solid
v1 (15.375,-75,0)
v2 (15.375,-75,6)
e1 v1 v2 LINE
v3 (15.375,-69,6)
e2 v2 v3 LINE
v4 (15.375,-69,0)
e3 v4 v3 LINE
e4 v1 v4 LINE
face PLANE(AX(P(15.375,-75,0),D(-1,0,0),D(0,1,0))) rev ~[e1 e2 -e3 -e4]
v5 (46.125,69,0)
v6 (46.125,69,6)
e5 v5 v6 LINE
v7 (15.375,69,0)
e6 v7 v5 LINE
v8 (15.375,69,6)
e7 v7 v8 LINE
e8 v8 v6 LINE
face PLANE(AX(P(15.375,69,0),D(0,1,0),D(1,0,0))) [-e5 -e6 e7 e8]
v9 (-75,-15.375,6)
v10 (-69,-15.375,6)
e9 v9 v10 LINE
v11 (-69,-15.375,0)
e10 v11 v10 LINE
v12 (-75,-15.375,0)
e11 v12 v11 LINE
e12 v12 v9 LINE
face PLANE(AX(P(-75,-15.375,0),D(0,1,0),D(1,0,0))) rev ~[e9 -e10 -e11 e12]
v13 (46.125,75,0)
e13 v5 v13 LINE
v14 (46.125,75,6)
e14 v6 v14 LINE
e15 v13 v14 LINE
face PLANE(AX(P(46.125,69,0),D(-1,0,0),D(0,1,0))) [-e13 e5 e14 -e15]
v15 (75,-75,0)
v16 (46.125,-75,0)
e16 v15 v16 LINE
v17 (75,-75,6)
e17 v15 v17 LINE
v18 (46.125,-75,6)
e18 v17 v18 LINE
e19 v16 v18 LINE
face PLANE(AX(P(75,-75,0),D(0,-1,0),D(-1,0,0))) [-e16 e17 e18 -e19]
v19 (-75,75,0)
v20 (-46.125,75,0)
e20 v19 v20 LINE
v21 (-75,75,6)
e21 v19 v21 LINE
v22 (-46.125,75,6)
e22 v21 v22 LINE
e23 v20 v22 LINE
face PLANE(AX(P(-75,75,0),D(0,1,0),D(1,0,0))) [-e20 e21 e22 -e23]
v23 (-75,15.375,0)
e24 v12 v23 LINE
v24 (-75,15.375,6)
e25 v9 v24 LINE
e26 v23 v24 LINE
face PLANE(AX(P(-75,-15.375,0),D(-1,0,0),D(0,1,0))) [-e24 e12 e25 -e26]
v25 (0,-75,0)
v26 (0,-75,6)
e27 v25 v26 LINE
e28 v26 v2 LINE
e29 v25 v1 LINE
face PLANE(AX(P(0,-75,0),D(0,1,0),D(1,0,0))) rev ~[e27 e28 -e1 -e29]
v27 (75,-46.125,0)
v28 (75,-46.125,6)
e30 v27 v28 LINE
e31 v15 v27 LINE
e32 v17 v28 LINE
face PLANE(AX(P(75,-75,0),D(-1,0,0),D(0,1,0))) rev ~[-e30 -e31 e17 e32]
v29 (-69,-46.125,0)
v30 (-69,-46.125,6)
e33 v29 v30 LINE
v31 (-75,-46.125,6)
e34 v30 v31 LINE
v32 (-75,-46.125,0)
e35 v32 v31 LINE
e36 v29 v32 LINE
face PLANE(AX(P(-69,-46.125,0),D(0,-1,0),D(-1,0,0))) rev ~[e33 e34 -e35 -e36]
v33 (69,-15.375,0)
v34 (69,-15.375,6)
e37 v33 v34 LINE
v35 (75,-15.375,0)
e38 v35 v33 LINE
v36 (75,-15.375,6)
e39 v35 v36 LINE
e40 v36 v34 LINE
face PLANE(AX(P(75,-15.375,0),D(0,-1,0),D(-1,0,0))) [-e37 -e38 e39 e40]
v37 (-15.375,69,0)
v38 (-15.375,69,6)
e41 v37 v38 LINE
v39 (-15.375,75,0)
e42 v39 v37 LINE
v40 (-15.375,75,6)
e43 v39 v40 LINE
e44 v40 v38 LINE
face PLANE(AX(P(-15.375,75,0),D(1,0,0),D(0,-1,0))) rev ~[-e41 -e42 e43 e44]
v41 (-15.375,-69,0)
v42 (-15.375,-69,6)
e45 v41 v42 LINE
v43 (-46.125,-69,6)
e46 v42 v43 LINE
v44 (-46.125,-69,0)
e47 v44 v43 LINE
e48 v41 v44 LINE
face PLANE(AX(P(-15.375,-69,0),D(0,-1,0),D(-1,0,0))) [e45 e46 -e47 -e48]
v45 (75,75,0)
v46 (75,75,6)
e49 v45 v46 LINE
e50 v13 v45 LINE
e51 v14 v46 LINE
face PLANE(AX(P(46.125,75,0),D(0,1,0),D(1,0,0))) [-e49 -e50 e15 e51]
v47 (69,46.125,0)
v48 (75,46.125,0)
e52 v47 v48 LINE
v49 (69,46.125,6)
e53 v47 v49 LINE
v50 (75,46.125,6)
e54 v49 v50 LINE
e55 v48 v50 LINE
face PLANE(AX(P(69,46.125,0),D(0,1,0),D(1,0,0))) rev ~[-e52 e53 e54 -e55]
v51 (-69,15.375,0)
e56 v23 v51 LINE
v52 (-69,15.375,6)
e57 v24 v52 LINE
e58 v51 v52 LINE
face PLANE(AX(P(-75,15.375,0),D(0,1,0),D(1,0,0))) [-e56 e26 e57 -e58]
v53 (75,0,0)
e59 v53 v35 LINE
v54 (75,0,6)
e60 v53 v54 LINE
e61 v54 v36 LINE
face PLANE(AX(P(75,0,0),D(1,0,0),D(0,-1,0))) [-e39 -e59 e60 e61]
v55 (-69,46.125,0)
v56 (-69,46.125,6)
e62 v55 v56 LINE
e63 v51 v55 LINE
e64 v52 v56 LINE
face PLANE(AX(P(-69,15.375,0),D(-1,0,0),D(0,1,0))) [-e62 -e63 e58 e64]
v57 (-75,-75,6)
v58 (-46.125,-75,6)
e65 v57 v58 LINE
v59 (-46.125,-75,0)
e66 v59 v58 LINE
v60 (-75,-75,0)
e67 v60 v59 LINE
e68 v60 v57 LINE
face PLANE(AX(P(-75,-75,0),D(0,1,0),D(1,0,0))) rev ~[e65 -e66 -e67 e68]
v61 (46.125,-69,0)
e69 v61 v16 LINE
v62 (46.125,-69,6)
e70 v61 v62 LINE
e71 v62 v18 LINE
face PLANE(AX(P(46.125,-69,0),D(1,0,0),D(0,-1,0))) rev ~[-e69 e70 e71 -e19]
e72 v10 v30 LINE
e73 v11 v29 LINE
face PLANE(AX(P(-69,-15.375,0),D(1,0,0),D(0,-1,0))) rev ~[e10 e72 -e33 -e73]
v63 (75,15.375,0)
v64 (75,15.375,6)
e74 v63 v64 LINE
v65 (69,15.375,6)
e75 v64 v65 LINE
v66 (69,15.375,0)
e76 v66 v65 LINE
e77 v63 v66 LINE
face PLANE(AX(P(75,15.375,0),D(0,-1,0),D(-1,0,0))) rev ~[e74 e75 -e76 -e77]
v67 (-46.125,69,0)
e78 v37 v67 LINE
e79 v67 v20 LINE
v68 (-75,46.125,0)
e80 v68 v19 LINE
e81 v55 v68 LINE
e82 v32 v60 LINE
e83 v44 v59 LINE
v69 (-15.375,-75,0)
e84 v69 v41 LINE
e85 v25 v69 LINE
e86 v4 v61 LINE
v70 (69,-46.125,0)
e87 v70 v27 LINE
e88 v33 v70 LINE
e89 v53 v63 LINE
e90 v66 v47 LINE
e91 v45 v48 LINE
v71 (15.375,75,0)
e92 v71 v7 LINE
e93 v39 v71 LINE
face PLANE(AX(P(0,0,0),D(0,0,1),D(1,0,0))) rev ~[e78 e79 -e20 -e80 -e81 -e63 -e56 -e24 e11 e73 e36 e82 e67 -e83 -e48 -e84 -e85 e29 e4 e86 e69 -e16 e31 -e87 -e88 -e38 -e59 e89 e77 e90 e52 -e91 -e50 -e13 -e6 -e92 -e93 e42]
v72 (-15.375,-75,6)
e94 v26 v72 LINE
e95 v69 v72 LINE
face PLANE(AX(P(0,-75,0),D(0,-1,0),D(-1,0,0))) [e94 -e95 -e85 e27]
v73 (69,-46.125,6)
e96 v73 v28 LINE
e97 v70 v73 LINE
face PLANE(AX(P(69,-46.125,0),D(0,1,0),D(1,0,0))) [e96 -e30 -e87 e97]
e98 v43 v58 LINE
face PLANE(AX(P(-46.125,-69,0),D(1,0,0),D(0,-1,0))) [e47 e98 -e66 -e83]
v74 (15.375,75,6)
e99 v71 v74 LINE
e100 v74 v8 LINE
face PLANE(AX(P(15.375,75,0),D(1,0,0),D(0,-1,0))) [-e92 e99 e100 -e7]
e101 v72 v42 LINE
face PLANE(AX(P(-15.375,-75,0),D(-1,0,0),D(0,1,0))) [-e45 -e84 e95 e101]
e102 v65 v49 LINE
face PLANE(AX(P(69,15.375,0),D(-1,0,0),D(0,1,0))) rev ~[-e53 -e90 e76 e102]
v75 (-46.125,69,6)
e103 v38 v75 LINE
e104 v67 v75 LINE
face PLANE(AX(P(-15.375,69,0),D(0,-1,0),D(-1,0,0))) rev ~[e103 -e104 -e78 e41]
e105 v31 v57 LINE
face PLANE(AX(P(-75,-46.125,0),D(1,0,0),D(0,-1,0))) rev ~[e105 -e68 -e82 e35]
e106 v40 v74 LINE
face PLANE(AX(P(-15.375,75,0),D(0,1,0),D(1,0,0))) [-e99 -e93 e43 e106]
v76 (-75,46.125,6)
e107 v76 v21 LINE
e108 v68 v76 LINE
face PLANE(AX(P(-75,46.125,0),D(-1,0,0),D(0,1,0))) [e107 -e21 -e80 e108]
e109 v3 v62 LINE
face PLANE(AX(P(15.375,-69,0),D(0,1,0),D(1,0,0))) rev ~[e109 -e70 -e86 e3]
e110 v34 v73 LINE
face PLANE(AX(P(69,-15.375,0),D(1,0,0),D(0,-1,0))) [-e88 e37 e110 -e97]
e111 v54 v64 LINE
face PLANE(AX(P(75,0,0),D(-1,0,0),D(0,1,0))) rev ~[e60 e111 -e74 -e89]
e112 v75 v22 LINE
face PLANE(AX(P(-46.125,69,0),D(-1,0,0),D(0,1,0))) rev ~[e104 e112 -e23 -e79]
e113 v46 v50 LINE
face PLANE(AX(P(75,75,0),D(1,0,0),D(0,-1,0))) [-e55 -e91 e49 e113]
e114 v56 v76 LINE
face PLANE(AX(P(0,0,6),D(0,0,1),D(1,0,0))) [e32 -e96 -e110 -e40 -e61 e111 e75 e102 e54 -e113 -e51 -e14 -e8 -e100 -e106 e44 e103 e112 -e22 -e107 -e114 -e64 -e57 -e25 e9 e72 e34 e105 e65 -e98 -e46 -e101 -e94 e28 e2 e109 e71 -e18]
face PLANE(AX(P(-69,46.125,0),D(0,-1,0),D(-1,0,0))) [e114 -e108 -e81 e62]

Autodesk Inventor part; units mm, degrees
ref_plane "YZ Plane" through (0, 0, 0) normal (1, 0, 0) x (0, 1, 0)
ref_plane "XZ Plane" through (0, 0, 0) normal (0, 1, 0) x (-1, 0, 0)
ref_plane "XY Plane" through (0, 0, 0) normal (0, 0, 1) x (1, 0, 0)
sketch "Sketch1" plane through (0, 0, 0) normal (0, 0, 1) x (1, 0, 0)
  line L0 (-75, 75) -> (75, -75) construction
  line L1 (75, 75) -> (-75, -75) construction
  line L2 (0, -75) -> (15.375, -75)
  line L3 (15.375, -75) -> (15.375, -69)
  line L4 (15.375, -69) -> (46.125, -69)
  line L5 (46.125, -69) -> (46.125, -75)
  line L6 (75, -75) -> (46.125, -75)
  line L7 (75, -75) -> (75, -44.25)
  line L8 (75, 0) -> (75, -15.375)
  line L9 (75, -15.375) -> (69, -15.375)
  line L10 (69, -15.375) -> (69, -46.125)
  line L11 (69, -46.125) -> (75, -46.125)
  line L12 (75, 0) -> (75, 15.375)
  line L13 (75, 15.375) -> (69, 15.375)
  line L14 (69, 15.375) -> (69, 46.125)
  line L15 (69, 46.125) -> (75, 46.125)
  line L16 (-15.375, -75) -> (-15.375, -69)
  line L17 (-15.375, -69) -> (-46.125, -69)
  line L18 (-46.125, -69) -> (-46.125, -75)
  line L19 (-75, -75) -> (-46.125, -75)
  line L20 (-75, 15.375) -> (-69, 15.375)
  line L21 (-69, 15.375) -> (-69, 46.125)
  line L22 (-69, 46.125) -> (-75, 46.125)
  line L23 (-15.375, 75) -> (-15.375, 69)
  line L24 (-15.375, 69) -> (-46.125, 69)
  line L25 (-46.125, 69) -> (-46.125, 75)
  line L26 (15.375, 75) -> (15.375, 69)
  line L27 (15.375, 69) -> (46.125, 69)
  line L28 (46.125, 69) -> (46.125, 75)
  line L29 (-69, -46.125) -> (-75, -46.125)
  line L30 (-69, -15.375) -> (-69, -46.125)
  line L31 (-75, -15.375) -> (-69, -15.375)
  line L32 (15.375, -75) -> (-15.375, -75)
  line L33 (-46.125, -75) -> (-75, -75)
  line L34 (75, 75) -> (75, 46.125)
  line L35 (75, 15.375) -> (75, -15.375)
  line L36 (75, -46.125) -> (75, -75)
  line L37 (-75, 75) -> (-46.125, 75)
  line L38 (-75, 46.125) -> (-75, 75)
  line L39 (-75, -15.375) -> (-75, 15.375)
  line L40 (-75, -46.125) -> (-75, -75)
  line L41 (-15.375, 75) -> (15.375, 75)
  line L42 (46.125, 75) -> (75, 75)
  point P0 (0, 0)
  dimension "d0" = 150
  dimension "d1" = 150
  dimension "d2" = 15.375
  dimension "d3" = 6
  dimension "d4" = 30.75
  dimension "d8" = 15.375
  dimension "d9" = 6
  dimension "d10" = 30.75
extrude "Extrusion1" add sketch "Sketch1" along normal blind 6
properties part number "Backandfront_2"
